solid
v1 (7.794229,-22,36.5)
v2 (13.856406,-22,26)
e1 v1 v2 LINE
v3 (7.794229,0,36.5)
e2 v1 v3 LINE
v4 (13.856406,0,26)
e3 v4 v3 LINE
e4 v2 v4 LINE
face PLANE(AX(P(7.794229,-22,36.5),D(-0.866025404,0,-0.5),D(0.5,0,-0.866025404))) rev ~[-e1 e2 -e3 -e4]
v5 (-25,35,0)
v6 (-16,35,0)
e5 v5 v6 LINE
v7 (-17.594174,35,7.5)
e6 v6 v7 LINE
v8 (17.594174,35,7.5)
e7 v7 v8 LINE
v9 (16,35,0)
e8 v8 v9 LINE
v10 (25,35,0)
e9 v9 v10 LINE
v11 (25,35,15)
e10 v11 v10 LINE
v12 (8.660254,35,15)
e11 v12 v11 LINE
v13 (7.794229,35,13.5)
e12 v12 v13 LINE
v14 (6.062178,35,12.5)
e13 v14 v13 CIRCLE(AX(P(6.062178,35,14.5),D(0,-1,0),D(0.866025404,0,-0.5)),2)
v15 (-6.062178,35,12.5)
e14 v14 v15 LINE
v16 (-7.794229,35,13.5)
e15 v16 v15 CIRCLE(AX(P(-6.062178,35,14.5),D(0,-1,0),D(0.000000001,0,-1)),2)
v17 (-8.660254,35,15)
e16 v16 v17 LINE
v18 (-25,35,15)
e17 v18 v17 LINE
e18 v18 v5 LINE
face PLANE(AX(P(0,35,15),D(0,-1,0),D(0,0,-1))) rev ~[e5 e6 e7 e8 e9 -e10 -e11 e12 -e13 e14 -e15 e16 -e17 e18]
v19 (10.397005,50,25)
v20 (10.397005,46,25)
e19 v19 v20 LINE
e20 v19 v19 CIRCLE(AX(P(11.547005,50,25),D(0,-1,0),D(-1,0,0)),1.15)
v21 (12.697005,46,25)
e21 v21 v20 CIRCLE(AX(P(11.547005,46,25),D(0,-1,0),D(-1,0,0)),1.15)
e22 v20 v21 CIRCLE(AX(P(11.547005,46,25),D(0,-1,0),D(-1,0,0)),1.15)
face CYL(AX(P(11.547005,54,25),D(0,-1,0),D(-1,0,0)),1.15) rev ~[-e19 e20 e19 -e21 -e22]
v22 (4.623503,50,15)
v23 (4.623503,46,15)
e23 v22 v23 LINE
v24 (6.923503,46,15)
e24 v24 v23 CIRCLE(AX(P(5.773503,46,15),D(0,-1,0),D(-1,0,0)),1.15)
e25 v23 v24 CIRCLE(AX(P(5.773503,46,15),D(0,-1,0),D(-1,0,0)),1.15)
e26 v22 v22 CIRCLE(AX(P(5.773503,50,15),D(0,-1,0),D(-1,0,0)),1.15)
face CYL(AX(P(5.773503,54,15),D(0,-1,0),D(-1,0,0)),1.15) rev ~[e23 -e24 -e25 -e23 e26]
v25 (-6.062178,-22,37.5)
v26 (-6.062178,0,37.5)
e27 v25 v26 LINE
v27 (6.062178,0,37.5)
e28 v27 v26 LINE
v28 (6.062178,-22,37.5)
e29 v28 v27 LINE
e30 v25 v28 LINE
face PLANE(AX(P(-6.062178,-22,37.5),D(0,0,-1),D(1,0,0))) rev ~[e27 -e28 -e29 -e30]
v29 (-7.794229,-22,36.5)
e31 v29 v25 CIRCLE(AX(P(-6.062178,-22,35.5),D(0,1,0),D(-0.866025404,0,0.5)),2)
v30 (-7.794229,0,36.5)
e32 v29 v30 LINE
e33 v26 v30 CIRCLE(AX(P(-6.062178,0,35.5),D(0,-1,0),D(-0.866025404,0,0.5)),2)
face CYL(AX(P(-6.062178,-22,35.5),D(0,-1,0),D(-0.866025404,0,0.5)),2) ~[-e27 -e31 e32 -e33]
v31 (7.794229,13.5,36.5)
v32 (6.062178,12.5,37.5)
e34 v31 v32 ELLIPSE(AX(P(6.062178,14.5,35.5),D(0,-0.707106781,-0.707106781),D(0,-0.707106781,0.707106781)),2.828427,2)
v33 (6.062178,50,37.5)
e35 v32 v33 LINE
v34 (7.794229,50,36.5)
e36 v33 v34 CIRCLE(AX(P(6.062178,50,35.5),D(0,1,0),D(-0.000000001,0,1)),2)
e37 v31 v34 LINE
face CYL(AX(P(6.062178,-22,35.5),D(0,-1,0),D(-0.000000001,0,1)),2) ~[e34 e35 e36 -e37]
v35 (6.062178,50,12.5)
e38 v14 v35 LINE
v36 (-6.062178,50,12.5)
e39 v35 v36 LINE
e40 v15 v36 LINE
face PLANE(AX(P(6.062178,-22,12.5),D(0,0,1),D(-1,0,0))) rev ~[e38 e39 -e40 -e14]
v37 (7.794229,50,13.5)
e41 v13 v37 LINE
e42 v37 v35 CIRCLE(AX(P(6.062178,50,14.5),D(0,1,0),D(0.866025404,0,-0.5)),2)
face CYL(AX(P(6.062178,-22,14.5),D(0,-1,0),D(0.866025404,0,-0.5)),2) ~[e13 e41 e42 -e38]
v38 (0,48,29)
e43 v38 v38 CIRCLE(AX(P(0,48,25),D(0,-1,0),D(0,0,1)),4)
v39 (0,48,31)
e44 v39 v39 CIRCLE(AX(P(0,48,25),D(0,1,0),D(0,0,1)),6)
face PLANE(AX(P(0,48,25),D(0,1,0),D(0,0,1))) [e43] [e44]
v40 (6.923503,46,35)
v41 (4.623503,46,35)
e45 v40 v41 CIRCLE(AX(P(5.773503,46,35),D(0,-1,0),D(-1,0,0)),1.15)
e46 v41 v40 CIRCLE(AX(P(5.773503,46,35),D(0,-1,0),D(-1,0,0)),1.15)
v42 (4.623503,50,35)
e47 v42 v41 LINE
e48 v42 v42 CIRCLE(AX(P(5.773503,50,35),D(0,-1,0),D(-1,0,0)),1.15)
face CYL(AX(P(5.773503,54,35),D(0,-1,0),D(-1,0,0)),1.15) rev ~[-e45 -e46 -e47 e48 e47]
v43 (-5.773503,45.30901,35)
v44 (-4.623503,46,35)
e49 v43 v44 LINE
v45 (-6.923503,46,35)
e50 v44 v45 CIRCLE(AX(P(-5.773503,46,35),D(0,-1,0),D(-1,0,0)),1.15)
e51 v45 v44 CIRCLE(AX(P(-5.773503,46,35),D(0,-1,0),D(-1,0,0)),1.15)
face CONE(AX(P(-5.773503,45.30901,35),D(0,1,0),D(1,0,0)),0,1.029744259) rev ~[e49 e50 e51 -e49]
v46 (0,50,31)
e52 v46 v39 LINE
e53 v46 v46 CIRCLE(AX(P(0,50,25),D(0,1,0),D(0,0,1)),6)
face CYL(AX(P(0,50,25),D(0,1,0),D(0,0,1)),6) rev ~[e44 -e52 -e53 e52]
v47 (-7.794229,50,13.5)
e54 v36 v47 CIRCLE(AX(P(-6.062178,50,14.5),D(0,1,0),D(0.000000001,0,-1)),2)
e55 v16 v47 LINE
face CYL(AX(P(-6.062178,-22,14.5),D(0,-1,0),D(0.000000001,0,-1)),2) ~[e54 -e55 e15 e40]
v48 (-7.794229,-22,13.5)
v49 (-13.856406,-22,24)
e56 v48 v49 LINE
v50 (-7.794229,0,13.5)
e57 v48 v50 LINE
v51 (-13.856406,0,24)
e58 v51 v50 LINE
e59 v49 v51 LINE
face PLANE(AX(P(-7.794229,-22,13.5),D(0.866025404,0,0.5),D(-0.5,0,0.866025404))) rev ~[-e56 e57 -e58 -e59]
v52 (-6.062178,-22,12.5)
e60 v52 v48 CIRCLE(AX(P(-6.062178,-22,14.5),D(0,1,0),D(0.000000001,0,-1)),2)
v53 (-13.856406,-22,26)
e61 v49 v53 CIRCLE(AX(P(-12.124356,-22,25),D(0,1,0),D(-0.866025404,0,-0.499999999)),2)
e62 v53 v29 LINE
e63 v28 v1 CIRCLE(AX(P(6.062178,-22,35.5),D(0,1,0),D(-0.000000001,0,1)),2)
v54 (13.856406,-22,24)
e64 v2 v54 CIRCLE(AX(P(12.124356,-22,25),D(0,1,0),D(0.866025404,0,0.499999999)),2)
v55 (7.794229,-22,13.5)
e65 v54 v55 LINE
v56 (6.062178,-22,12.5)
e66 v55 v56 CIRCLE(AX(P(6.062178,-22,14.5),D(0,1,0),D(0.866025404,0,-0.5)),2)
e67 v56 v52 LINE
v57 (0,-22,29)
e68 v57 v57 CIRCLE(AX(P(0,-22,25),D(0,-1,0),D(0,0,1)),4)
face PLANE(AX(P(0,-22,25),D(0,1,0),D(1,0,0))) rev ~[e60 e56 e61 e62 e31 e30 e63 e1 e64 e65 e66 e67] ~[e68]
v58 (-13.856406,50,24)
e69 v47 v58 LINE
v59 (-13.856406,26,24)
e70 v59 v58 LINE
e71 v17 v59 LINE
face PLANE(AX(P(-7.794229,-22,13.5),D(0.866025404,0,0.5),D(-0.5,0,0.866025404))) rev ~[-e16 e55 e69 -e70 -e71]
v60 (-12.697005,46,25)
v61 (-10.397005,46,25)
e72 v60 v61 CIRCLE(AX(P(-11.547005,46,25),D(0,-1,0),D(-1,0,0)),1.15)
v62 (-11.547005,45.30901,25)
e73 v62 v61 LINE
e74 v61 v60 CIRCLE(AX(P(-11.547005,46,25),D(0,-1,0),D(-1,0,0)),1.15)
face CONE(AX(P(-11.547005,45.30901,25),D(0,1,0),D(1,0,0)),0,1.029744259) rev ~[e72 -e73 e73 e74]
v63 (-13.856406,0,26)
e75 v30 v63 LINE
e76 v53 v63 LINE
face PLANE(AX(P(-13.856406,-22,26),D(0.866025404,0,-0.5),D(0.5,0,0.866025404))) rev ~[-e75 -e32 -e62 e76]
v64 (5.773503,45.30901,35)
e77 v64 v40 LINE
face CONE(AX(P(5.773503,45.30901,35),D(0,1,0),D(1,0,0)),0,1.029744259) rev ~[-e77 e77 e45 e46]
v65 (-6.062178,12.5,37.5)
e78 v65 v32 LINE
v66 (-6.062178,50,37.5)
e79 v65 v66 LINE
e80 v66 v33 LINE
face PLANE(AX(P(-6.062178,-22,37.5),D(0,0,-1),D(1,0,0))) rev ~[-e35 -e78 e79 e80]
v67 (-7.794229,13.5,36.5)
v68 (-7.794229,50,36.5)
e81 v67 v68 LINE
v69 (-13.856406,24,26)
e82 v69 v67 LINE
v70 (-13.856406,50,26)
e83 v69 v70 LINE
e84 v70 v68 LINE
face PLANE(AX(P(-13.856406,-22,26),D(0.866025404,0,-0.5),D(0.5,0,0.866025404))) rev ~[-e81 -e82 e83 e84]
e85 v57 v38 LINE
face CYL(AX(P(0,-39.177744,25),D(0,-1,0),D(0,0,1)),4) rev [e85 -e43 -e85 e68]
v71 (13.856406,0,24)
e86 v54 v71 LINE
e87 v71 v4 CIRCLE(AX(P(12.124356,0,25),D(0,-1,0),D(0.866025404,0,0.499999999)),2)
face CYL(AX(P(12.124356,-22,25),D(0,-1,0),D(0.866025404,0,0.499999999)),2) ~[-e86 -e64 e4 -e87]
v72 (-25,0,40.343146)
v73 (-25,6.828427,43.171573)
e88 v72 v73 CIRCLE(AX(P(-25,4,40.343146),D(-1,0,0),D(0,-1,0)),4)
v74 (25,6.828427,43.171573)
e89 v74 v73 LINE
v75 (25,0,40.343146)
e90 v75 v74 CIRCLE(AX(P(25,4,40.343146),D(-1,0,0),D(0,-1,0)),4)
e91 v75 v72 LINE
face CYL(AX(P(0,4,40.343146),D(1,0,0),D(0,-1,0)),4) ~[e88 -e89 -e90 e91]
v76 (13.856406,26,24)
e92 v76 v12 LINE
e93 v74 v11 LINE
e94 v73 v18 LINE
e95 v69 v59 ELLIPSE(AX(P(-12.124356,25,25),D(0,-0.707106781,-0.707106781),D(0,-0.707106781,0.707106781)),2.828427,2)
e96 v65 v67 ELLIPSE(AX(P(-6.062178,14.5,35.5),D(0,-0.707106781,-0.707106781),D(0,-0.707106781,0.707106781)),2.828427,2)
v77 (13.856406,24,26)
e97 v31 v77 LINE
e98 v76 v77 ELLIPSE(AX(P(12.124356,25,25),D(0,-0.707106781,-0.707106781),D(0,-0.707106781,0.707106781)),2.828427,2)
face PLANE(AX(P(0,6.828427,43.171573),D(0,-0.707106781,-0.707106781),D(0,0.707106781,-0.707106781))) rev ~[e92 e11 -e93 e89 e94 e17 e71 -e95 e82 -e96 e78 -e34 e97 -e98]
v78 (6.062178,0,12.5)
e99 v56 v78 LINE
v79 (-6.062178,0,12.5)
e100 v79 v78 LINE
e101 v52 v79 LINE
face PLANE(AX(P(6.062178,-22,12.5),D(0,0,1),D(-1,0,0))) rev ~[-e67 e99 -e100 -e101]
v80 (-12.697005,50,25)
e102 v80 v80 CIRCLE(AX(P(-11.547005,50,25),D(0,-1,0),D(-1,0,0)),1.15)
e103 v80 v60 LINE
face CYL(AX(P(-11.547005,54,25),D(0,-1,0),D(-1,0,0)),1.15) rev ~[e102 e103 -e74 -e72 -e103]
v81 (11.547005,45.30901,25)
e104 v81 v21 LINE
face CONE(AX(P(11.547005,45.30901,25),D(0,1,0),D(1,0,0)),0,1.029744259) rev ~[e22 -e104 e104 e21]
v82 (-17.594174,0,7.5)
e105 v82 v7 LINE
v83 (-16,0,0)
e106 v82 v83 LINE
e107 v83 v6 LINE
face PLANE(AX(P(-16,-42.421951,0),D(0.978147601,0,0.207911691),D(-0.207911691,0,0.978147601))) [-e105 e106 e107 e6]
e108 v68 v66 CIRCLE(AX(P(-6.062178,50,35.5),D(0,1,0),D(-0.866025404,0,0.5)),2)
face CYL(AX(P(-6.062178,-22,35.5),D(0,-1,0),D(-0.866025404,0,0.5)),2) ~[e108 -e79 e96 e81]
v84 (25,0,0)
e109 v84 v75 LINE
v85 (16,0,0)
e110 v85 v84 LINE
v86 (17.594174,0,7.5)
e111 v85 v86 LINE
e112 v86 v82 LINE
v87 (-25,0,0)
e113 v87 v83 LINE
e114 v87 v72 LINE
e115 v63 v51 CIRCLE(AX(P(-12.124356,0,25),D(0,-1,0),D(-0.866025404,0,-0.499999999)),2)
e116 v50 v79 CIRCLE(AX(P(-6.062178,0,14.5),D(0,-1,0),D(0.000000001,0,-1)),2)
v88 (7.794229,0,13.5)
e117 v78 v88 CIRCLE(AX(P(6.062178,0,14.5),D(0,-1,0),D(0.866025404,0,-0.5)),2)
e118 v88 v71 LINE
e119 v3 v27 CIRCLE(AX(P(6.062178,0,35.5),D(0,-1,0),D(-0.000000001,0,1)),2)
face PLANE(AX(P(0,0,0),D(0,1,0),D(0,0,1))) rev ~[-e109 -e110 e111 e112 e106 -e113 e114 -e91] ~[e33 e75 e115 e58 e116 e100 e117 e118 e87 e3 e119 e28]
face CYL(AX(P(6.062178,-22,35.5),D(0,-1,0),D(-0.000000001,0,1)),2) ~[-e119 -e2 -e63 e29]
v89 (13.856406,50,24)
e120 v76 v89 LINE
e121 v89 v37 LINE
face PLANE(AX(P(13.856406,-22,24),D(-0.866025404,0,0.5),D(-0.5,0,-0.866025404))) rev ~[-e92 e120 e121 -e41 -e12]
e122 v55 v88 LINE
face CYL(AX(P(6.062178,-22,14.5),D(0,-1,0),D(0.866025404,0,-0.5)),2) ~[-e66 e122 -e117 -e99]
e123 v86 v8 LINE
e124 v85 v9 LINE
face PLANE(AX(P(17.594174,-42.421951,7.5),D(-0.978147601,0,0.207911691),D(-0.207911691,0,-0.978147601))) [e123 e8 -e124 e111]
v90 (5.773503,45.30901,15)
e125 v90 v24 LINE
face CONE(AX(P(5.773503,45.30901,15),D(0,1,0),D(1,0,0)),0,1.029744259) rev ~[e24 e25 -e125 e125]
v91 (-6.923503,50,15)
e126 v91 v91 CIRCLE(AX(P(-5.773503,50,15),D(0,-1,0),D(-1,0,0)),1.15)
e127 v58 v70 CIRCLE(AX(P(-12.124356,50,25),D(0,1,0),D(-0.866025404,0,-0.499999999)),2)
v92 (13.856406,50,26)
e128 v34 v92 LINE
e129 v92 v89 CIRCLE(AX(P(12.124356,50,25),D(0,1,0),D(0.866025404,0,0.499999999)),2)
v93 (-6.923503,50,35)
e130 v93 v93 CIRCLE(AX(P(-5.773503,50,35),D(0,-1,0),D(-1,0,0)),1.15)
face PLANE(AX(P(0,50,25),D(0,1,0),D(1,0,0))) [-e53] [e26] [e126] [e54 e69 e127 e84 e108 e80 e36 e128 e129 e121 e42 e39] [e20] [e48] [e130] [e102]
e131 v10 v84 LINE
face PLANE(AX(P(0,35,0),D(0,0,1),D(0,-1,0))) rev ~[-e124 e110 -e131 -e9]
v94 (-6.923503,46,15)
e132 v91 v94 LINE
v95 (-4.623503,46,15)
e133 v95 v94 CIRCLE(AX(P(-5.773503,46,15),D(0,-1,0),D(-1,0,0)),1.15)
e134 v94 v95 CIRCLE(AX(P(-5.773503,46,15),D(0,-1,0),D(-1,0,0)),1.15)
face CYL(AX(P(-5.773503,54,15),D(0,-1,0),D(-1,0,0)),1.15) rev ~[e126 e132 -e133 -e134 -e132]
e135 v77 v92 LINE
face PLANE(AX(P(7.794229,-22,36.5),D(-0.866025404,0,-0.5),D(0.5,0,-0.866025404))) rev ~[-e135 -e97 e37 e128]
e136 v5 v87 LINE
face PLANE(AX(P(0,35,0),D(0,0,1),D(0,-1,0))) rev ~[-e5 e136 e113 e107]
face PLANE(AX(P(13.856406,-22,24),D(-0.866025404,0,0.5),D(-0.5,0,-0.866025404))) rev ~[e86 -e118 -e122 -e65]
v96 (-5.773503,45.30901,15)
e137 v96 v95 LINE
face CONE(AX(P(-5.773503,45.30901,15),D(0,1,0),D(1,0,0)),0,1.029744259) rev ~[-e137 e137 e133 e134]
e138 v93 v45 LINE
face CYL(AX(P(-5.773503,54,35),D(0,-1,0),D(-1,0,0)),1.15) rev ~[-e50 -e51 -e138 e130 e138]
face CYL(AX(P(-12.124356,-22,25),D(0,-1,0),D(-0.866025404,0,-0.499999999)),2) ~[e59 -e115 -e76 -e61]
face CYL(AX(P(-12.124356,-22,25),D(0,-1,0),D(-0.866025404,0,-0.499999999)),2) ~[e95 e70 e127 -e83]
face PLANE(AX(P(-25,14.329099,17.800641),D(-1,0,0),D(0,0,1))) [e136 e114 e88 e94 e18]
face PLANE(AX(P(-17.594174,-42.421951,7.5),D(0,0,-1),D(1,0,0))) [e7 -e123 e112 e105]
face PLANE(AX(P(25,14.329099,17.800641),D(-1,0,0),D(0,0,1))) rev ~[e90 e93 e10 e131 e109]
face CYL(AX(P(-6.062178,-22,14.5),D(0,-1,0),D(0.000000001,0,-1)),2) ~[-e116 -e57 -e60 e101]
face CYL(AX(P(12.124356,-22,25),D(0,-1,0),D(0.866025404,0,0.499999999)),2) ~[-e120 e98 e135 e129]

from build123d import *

# Parameters (mm, degrees)
BOSS_EXTRUDE1_DEPTH            = 25
BOSS_EXTRUDE2_DEPTH            = 50
BOSS_EXTRUDE2_DEPTH_BACK       = 22
CUT_EXTRUDE1_DEPTH             = 89.177744216
CUT_EXTRUDE1_DEPTH_BACK        = 89.177744216
SKETCH3_R                      = 4
SKETCH4_R                      = 6
CUT_EXTRUDE2_DEPTH             = 2
CUT_EXTRUDE3_DEPTH             = 77.421950872
CUT_EXTRUDE3_DEPTH_BACK        = 77.421950872
F_2_3_2_3_DIAMETER_HOLE1_D     = 2.3
F_2_3_2_3_DIAMETER_HOLE1_DEPTH = 4
F_2_3_2_3_DIAMETER_HOLE1_TIP   = 0.690989712


with BuildPart() as part:
    # Sketch1 → Boss-Extrude1 (new, symmetric)
    with BuildSketch(Plane(origin=(0, 0, 0), x_dir=(0, 0, -1), z_dir=(1, 0, 0))):
        with BuildLine():
            Line((0, 0), (-40.343145751, 0))
            ThreePointArc((-40.343145751, 0), (-44.038663881, 2.469266271), (-43.171572875, 6.828427125))
            Line((-43.171572875, 6.828427125), (-15, 35))
            Line((-15, 35), (0, 35))
            Line((0, 35), (0, 0))
        make_face()
    extrude(amount=BOSS_EXTRUDE1_DEPTH, both=True)

    # Sketch2 → Boss-Extrude2 (add, two sides: drawn at the far end of the back side and taken through both)
    with BuildSketch(Plane(origin=(0, 0, 0), x_dir=(1, 0, 0), z_dir=(0, 1, 0)).offset(-BOSS_EXTRUDE2_DEPTH_BACK)):
        with BuildLine():
            Line((-7.794228634, -13.5), (-13.856406461, -24))
            ThreePointArc((-13.856406461, -24), (-14.124355653, -25), (-13.856406461, -26))
            Line((-13.856406461, -26), (-7.794228634, -36.5))
            ThreePointArc((-7.794228634, -36.5), (-7.062177826, -37.232050808), (-6.062177826, -37.5))
            Line((-6.062177826, -37.5), (6.062177826, -37.5))
            ThreePointArc((6.062177826, -37.5), (7.062177826, -37.232050808), (7.794228634, -36.5))
            Line((7.794228634, -36.5), (13.856406461, -26))
            ThreePointArc((13.856406461, -26), (14.124355653, -25), (13.856406461, -24))
            Line((13.856406461, -24), (7.794228634, -13.5))
            ThreePointArc((7.794228634, -13.5), (7.062177826, -12.767949192), (6.062177826, -12.5))
            Line((6.062177826, -12.5), (-6.062177826, -12.5))
            ThreePointArc((-6.062177826, -12.5), (-7.062177826, -12.767949192), (-7.794228634, -13.5))
        make_face()
    extrude(amount=BOSS_EXTRUDE2_DEPTH + BOSS_EXTRUDE2_DEPTH_BACK)

    # Sketch3 → Cut-Extrude1 (cut, two sides: drawn at the far end of the back side and taken through both)
    with BuildSketch(Plane(origin=(0, 50, 0), x_dir=(1, 0, 0), z_dir=(0, 1, 0)).offset(-CUT_EXTRUDE1_DEPTH_BACK)):
        with Locations(Location((0, -25, 0), (0, 0, 270))):
            Circle(SKETCH3_R)
    extrude(amount=CUT_EXTRUDE1_DEPTH + CUT_EXTRUDE1_DEPTH_BACK, mode=Mode.SUBTRACT)

    # Sketch4 → Cut-Extrude2 (cut)
    with BuildSketch(Plane(origin=(0, 50, 0), x_dir=(1, 0, 0), z_dir=(0, 1, 0))):
        with Locations(Location((0, -25, 0), (0, 0, 270))):
            Circle(SKETCH4_R)
    extrude(amount=-CUT_EXTRUDE2_DEPTH, mode=Mode.SUBTRACT)

    # Sketch5 → Cut-Extrude3 (cut, two sides: drawn at the far end of the back side and taken through both)
    with BuildSketch(Plane(origin=(0, 35, 0), x_dir=(1, 0, 0), z_dir=(0, 1, 0)).offset(-CUT_EXTRUDE3_DEPTH_BACK)):
        Polygon((-17.594174213, -7.5), (17.594174213, -7.5), (16, 0), (-16, 0), align=None)
    extrude(amount=CUT_EXTRUDE3_DEPTH + CUT_EXTRUDE3_DEPTH_BACK, mode=Mode.SUBTRACT)

    # Ø2.3 (2.3) Diameter Hole1
    with Locations(Plane(origin=(0, 50, 0), x_dir=(1, 0, 0), z_dir=(0, 1, 0))):
        with Locations((-11.547005384, -25), (-5.773502692, -15), (5.773502692, -15), (11.547005384, -25), (5.773502692, -35), (-5.773502692, -35)):
            Hole(F_2_3_2_3_DIAMETER_HOLE1_D / 2, depth=F_2_3_2_3_DIAMETER_HOLE1_DEPTH)
            with Locations((0, 0, -(F_2_3_2_3_DIAMETER_HOLE1_DEPTH + F_2_3_2_3_DIAMETER_HOLE1_TIP / 2))):  # 118° drill point
                Cone(0, F_2_3_2_3_DIAMETER_HOLE1_D / 2, F_2_3_2_3_DIAMETER_HOLE1_TIP, mode=Mode.SUBTRACT)


solid = part.part
